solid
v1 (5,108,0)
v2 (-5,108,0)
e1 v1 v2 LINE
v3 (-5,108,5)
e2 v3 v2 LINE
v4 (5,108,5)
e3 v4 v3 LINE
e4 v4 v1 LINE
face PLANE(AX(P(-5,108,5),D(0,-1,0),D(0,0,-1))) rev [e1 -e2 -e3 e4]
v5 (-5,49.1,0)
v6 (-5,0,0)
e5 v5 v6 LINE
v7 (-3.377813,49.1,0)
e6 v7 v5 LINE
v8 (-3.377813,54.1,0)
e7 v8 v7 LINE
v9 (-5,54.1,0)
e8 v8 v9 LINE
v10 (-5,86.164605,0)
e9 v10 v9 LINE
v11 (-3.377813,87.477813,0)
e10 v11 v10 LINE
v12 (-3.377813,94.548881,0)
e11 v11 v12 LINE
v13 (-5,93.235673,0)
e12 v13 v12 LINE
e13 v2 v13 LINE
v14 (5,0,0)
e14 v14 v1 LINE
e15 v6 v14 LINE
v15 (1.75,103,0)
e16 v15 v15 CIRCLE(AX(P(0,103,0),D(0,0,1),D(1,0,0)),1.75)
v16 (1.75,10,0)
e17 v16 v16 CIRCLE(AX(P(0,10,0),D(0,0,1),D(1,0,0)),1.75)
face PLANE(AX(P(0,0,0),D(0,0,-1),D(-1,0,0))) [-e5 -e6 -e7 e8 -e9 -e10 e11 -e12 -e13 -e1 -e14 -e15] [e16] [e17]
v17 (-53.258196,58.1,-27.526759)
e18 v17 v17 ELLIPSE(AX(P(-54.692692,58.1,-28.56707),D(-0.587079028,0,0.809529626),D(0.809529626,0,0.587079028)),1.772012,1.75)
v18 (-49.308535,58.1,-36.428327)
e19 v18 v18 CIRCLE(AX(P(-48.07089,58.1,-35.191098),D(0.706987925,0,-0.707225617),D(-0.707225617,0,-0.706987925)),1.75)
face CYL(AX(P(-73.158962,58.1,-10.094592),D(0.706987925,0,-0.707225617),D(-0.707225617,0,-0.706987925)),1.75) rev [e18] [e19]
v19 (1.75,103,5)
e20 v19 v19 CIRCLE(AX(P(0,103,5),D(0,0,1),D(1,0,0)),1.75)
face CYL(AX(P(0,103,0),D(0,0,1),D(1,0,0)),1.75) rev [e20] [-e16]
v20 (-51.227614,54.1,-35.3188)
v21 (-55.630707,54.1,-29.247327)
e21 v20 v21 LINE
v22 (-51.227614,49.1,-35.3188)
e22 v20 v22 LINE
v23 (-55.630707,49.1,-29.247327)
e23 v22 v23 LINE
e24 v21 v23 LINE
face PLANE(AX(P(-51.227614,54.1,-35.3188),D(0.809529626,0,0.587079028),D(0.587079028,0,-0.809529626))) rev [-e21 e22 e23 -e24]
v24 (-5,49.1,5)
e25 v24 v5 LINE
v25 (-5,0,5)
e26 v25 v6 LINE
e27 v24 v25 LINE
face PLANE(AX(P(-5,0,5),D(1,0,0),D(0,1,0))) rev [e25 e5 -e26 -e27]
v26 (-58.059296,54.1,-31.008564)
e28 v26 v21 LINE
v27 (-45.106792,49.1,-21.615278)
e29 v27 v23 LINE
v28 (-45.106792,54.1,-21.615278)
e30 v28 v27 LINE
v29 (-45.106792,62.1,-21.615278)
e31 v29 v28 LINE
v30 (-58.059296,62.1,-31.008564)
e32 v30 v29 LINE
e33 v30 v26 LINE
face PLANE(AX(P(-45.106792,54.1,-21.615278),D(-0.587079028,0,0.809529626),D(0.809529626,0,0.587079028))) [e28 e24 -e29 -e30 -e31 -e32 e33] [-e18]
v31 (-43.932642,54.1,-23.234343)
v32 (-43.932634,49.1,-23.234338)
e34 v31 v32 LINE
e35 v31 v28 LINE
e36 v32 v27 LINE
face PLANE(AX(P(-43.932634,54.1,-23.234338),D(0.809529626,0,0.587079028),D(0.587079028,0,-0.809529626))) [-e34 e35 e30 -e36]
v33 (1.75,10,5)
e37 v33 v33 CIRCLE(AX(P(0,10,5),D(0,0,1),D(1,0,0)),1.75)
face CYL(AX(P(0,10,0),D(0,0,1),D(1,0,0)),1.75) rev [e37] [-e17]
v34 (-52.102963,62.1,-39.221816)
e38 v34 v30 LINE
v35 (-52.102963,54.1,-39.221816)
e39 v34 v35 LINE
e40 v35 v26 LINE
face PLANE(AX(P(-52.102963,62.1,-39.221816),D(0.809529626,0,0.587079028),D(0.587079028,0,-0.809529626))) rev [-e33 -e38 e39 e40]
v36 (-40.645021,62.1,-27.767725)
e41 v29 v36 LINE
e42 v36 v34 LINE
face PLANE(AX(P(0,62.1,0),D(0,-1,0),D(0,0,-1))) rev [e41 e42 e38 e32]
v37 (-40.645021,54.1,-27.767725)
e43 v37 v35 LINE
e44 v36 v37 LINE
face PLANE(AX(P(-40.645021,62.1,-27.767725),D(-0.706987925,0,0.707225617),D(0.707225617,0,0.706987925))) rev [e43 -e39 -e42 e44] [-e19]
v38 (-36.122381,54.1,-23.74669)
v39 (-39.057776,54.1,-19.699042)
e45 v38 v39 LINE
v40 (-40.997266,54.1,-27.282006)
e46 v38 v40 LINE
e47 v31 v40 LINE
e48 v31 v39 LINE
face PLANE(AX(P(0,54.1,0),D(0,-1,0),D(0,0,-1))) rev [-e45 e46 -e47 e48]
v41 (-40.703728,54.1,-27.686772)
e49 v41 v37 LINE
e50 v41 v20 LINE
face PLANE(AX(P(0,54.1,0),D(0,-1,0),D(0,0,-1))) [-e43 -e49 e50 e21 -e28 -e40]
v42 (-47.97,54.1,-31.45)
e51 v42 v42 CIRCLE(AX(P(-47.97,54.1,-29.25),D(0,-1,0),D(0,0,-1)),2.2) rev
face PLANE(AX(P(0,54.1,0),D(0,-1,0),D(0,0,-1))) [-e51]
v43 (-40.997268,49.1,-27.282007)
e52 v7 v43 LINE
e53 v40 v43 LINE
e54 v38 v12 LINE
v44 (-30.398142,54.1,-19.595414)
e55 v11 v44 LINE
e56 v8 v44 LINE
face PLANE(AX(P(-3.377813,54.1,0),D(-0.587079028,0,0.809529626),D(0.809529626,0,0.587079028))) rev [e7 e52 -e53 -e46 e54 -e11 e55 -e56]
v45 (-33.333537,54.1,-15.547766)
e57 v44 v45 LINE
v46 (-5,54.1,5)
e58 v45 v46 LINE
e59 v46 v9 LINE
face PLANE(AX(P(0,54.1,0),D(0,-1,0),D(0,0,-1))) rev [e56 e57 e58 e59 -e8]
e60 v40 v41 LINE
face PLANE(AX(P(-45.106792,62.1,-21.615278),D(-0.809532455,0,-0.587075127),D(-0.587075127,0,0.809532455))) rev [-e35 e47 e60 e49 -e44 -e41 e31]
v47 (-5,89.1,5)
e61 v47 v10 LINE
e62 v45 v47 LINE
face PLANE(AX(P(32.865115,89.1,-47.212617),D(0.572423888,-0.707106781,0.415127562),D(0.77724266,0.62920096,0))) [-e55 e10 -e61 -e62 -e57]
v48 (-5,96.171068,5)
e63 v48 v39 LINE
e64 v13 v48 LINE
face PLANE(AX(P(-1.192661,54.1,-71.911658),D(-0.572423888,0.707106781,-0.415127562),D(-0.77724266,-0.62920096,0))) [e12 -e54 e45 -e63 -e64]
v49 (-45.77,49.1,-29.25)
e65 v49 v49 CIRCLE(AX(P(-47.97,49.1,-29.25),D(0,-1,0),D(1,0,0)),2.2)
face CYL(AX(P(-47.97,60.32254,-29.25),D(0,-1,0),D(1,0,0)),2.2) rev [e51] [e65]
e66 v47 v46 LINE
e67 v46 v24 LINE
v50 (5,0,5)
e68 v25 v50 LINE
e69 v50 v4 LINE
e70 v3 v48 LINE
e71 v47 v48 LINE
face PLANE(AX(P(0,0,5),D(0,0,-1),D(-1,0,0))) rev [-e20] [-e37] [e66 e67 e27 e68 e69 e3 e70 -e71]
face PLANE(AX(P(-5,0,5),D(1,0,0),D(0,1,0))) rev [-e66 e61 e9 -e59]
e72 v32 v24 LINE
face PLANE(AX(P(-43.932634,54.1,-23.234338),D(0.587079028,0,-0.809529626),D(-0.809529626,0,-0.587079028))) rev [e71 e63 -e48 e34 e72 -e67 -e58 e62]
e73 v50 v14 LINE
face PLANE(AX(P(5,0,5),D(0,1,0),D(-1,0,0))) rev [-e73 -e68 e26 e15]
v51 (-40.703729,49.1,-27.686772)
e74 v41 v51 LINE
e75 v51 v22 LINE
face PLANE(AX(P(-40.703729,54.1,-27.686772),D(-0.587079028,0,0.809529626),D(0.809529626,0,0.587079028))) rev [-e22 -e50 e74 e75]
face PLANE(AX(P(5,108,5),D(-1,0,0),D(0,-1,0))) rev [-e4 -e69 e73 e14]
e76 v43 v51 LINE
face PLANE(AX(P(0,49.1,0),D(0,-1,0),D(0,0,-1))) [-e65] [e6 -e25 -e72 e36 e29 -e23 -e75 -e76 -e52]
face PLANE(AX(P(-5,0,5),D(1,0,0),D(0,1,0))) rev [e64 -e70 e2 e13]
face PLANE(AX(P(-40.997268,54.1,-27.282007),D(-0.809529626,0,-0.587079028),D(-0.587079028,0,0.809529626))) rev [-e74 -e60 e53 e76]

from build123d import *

# Parameters (mm, degrees)
SKETCH1_W           = 10
SKETCH1_H           = 108
BOSS_EXTRUDE1_DEPTH = 5
SKETCH2_R           = 1.75
CUT_EXTRUDE1_DEPTH  = 109.231233939
BOSS_EXTRUDE2_DEPTH = 5
SKETCH5_R           = 2.2
CUT_EXTRUDE2_DEPTH  = 5
BOSS_EXTRUDE3_REACH = 128.484
BOSS_EXTRUDE4_DEPTH = 8
SKETCH8_R           = 1.75
CUT_EXTRUDE3_DEPTH  = 129.116541509


with BuildPart() as part:
    # Sketch1 → Boss-Extrude1 (new body)
    with BuildSketch(Plane.XY):
        with Locations((0, 54)):
            Rectangle(SKETCH1_W, SKETCH1_H)
    extrude(amount=BOSS_EXTRUDE1_DEPTH)

    # Sketch2 → Cut-Extrude1 (cut, through all)
    with BuildSketch(Plane.XY.offset(5)):
        with Locations((0, 10)):
            Circle(SKETCH2_R)
        with Locations((0, 103)):
            Circle(SKETCH2_R)
    extrude(amount=-CUT_EXTRUDE1_DEPTH, mode=Mode.SUBTRACT)

    # Sketch4 → Boss-Extrude2 (add)
    with BuildSketch(Plane(origin=(0, 49.1, 0), x_dir=(-1, 0, 0), z_dir=(0, -1, 0))):
        Polygon((3.377813163, 0), (40.9972684, 27.282007374), (40.703728886, 27.686772187), (51.227614019, 35.318799552), (55.63070673, 29.247327359), (45.106791947, 21.615278492), (43.932633891, 23.234337744), (5, -5), align=None)
    extrude(amount=-BOSS_EXTRUDE2_DEPTH)

    # Sketch5 → Cut-Extrude2 (cut)
    with BuildSketch(Plane.XZ.offset(-49.1)):
        with Locations((-47.97, -29.25)):
            Circle(SKETCH5_R)
    extrude(amount=-CUT_EXTRUDE2_DEPTH, mode=Mode.SUBTRACT)

    # Boss-Extrude3: up to this face of the body (flat: up to its plane)
    boss_extrude3_end = Plane(part.part.faces().sort_by_distance((-22.187540781, 51.6, -13.641003687))[0])
    # Sketch6 → Boss-Extrude3 (add, up to the picked face)
    with BuildSketch(Plane(origin=(-4.099598255, 0, 5.652980403), x_dir=(0.8095296256563876, 0, 0.5870790280572362), z_dir=(-0.5870790280572362, 0, 0.8095296256563876)), mode=Mode.PRIVATE) as boss_extrude3_sk1:
        Polygon((-43.1833208, 54.1), (-1.112252988, 96.171067812), (-1.112252988, 89.1), (-36.112252988, 54.1), align=None)
    boss_extrude3_tool1 = split(extrude(boss_extrude3_sk1.sketch, amount=-BOSS_EXTRUDE3_REACH, mode=Mode.PRIVATE), bisect_by=boss_extrude3_end, keep=Keep.BOTH, mode=Mode.PRIVATE)
    add(boss_extrude3_tool1.solids().sort_by(Axis((-20.641593, 73.42183, -6.343441), (0.5870790280572362, 0, -0.8095296256563876)))[0])

    # Sketch7 → Boss-Extrude4 (add)
    with BuildSketch(Plane(origin=(0, 54.1, 0), x_dir=(1, 0, 0), z_dir=(0, 1, 0))):
        Polygon((-40.645020983, 27.767725149), (-52.102962866, 39.221816124), (-58.059295607, 31.008564443), (-45.106791947, 21.615278492), align=None)
    extrude(amount=BOSS_EXTRUDE4_DEPTH)

    # Sketch8 → Cut-Extrude3 (cut, through all)
    with BuildSketch(Plane(origin=(-6.431817345, 0, 6.433979746), x_dir=(-0.7072256172064263, 0, -0.7069879251917881), z_dir=(0.7069879251917881, 0, -0.7072256172064263))):
        with Locations((58.876646442, 58.1)):
            Circle(SKETCH8_R)
    extrude(amount=-CUT_EXTRUDE3_DEPTH, mode=Mode.SUBTRACT)


solid = part.part
